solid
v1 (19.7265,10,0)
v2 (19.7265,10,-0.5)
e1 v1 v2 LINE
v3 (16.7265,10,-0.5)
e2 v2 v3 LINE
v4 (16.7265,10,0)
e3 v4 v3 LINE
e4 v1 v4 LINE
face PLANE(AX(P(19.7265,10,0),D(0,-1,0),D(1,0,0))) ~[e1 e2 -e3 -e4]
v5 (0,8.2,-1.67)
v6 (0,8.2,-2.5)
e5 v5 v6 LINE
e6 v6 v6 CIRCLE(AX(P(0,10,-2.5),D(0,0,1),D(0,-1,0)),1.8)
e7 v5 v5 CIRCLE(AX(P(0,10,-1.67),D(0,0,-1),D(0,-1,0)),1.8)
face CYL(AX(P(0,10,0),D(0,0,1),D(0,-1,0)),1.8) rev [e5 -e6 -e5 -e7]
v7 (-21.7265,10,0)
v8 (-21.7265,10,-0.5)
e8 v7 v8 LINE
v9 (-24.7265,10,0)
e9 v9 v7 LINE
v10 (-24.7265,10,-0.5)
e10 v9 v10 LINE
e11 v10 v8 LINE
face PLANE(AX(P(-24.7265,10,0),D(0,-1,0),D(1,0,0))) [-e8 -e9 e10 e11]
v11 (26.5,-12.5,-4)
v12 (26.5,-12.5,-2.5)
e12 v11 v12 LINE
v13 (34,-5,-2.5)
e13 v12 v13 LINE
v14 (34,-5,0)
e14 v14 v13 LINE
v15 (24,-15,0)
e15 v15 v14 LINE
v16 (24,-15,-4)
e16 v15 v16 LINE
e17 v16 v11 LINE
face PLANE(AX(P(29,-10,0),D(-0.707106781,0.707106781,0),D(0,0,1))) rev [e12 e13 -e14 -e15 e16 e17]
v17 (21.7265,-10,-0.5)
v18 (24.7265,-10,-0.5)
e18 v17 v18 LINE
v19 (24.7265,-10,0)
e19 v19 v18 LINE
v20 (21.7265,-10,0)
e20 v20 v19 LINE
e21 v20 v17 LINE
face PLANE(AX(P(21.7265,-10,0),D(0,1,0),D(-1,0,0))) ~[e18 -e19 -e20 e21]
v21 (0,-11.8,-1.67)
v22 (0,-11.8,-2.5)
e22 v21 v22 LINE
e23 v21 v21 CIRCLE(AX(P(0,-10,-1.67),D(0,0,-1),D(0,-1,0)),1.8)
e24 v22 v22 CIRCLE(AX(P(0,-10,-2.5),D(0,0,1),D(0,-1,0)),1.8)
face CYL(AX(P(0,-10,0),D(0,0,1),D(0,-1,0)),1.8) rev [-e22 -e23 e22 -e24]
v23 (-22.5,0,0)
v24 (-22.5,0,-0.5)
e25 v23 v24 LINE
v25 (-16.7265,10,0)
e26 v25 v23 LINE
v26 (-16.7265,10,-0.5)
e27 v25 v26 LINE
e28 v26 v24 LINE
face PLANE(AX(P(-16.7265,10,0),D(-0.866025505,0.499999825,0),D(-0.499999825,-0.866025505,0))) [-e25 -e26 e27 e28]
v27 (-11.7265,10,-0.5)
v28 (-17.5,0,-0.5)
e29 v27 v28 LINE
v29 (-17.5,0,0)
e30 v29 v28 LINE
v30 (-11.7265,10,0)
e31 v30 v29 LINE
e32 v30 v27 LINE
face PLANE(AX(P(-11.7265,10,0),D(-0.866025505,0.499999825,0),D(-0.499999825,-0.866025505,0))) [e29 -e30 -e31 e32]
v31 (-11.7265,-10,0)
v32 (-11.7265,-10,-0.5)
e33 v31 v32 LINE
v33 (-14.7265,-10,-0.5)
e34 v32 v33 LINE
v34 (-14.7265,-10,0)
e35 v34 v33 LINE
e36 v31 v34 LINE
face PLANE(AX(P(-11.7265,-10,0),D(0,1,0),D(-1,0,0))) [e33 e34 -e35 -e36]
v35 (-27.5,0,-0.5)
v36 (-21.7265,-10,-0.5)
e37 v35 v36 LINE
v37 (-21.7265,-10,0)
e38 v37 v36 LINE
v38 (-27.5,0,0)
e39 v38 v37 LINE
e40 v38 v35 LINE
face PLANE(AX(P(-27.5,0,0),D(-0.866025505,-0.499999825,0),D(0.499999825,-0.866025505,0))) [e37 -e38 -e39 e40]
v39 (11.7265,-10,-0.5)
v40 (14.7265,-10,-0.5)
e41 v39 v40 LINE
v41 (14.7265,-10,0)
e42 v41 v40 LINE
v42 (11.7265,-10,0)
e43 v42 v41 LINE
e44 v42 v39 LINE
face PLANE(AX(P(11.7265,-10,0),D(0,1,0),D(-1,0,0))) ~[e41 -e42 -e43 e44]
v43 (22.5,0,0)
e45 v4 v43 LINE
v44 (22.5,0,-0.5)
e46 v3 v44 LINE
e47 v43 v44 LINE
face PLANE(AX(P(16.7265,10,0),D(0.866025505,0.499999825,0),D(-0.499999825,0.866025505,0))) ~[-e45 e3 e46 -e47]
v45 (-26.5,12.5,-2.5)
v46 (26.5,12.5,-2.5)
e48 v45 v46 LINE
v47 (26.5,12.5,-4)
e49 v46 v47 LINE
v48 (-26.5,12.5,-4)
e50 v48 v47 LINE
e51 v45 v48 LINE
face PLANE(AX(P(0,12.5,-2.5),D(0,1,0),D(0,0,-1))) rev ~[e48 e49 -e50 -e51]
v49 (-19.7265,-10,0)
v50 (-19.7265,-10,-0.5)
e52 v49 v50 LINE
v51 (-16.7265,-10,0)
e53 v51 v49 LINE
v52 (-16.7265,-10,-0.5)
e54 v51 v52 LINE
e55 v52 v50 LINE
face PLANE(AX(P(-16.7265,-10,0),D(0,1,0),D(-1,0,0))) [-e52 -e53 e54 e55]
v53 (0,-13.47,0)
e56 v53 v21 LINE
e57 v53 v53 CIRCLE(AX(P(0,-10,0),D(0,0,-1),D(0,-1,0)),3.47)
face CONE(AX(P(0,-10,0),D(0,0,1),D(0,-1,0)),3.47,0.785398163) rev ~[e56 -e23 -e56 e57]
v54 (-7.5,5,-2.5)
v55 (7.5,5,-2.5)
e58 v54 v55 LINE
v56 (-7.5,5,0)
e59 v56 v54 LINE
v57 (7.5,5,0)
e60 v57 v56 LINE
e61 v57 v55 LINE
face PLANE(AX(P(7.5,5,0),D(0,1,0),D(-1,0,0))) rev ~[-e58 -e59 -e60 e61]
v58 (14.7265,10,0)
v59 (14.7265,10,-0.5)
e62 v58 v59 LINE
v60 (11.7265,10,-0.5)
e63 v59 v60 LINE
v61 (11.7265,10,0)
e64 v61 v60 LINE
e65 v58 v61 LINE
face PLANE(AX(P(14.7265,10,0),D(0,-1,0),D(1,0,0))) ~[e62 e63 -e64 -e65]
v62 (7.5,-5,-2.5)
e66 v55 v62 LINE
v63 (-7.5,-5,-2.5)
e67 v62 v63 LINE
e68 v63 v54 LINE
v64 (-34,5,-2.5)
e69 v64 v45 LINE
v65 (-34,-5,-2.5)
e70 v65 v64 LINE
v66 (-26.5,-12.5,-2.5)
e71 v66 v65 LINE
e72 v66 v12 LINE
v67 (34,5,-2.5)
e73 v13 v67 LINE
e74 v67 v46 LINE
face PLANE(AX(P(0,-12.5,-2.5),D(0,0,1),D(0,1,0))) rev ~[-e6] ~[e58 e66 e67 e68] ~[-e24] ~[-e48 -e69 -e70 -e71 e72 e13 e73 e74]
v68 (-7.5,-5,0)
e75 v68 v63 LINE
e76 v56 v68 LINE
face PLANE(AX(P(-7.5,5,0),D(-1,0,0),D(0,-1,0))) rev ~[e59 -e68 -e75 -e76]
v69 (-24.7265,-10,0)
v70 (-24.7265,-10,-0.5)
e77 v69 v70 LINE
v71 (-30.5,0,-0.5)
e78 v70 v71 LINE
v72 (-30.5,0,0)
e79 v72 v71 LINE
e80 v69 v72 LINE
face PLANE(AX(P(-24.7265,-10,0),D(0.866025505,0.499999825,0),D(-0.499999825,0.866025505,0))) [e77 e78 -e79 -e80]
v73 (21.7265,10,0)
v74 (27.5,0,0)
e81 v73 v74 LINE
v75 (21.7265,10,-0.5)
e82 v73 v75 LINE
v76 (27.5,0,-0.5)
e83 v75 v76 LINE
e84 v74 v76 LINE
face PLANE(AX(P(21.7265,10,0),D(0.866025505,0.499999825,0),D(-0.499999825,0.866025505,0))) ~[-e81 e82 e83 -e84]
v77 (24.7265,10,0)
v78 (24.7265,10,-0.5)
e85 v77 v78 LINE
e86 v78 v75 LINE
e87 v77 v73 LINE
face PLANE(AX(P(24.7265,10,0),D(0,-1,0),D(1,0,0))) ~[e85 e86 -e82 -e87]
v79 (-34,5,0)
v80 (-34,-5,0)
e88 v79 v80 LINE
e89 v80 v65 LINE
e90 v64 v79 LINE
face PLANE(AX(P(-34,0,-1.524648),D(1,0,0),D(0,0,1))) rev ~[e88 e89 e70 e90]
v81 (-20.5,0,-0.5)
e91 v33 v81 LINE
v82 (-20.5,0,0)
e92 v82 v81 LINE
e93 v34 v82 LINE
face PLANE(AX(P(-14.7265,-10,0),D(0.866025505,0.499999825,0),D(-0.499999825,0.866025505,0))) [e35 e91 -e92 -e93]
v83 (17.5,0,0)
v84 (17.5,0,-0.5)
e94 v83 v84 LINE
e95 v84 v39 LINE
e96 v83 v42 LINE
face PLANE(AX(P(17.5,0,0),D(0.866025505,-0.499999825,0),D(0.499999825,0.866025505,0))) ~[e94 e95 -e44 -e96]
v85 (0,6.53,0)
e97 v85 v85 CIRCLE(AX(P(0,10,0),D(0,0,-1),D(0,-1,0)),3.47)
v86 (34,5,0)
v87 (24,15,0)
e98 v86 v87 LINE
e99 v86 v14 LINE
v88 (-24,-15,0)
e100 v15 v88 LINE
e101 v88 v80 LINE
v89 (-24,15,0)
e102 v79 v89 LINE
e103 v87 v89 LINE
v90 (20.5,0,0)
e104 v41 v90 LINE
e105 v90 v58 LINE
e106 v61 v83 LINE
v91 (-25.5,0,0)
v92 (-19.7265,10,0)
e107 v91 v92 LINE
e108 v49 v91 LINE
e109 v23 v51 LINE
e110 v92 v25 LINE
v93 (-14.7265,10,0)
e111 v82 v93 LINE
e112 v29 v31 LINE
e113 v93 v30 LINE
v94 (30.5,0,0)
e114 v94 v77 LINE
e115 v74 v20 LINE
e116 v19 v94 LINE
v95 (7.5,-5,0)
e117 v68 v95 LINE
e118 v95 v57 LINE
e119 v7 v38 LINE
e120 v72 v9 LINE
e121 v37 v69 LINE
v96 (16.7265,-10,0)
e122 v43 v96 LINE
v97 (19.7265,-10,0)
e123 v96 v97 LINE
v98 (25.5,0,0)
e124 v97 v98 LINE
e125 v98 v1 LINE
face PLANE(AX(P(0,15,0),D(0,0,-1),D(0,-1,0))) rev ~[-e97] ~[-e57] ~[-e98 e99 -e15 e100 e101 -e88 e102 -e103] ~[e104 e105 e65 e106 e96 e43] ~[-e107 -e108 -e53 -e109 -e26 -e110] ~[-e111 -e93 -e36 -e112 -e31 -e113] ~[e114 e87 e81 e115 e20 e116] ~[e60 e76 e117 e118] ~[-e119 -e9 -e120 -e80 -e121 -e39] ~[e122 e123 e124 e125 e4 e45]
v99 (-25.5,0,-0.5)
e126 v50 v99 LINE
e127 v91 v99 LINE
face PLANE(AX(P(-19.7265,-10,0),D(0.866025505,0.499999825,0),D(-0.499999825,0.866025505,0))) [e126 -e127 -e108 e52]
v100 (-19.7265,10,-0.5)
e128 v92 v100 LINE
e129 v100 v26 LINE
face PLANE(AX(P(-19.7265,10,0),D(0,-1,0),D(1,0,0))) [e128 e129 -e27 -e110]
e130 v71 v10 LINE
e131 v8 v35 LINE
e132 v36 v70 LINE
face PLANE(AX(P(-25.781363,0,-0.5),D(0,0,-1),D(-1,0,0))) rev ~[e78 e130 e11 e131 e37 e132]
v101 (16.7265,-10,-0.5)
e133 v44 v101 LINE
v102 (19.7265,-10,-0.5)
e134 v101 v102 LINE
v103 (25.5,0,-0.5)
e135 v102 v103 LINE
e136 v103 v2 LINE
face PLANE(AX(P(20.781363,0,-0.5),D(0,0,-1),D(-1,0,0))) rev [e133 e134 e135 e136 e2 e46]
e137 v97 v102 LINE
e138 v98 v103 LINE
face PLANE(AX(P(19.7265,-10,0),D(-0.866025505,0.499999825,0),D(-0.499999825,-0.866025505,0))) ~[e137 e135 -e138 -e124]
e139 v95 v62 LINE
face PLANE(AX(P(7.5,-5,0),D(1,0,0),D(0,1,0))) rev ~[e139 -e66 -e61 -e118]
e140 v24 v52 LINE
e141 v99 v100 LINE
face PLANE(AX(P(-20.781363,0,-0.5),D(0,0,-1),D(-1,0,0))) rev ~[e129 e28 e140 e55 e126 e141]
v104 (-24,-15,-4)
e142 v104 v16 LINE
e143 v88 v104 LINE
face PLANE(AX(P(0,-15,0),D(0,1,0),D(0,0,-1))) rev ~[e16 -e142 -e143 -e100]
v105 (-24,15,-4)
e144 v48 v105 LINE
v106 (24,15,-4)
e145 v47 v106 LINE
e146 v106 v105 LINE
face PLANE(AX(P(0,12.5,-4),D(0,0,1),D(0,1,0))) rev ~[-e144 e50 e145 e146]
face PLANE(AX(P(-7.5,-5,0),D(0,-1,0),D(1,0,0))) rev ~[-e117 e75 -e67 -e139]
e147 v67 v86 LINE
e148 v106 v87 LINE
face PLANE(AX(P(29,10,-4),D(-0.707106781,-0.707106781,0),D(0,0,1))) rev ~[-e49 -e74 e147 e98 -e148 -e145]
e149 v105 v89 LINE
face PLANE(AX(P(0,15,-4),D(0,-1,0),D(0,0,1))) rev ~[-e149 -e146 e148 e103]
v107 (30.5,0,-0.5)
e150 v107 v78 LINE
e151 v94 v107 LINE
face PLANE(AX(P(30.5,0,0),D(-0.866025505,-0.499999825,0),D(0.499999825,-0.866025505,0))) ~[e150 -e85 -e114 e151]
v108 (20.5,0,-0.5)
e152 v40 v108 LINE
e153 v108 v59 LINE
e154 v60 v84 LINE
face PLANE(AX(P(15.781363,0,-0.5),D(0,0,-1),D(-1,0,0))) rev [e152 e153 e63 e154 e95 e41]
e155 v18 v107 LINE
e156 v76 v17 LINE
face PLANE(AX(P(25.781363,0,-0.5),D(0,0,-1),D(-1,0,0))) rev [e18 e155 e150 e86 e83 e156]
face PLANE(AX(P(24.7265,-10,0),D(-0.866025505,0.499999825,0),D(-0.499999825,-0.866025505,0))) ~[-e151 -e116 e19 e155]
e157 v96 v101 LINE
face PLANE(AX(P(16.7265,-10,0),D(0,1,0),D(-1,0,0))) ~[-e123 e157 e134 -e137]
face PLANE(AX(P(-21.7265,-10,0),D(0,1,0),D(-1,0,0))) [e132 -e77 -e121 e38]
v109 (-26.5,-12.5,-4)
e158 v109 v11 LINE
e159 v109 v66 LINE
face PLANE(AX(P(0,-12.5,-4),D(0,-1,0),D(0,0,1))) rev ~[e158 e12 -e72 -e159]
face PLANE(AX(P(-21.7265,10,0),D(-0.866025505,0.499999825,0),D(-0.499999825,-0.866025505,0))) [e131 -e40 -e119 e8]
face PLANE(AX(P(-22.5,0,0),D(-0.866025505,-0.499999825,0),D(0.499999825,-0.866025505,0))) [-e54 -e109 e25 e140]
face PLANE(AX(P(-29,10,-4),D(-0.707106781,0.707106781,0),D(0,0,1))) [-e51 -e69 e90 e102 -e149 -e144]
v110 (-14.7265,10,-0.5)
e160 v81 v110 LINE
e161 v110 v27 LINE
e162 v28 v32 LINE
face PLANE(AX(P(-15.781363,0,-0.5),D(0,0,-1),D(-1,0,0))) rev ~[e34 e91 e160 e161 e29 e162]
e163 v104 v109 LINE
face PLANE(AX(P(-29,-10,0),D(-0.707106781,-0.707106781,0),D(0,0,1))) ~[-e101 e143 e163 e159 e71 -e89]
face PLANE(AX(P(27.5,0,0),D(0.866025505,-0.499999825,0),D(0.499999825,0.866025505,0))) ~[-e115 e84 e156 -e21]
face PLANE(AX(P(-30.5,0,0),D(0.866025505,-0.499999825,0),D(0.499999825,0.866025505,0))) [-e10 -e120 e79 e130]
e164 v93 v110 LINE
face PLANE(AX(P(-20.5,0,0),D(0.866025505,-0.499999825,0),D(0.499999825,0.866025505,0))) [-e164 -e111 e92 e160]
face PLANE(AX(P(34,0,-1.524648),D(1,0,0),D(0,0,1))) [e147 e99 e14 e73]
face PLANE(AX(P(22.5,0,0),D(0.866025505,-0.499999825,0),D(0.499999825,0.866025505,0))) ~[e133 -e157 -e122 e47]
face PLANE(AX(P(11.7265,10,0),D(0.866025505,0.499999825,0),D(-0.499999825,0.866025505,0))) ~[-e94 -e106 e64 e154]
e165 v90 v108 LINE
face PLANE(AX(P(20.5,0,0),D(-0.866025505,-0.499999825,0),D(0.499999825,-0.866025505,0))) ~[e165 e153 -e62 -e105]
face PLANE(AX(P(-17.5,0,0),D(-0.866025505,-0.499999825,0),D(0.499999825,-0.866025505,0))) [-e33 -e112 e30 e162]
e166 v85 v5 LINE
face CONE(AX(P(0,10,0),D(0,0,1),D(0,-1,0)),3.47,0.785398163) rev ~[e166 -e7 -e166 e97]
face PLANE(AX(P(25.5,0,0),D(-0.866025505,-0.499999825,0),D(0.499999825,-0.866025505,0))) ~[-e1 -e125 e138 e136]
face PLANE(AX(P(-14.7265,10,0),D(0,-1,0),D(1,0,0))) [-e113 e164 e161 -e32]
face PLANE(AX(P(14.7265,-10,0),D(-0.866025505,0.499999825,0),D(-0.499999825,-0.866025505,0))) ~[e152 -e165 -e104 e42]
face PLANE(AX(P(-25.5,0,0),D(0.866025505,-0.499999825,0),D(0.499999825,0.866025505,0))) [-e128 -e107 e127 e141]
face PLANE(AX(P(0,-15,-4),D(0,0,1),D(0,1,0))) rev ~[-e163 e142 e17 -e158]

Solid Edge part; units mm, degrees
sketch "Sketch1" plane through (0, 0, 0) normal (1, 0, 0) x (0, 1, 0)
  line L0 (-15, 0) -> (-15, -4)
  line L1 (-15, -4) -> (-12.5, -4)
  line L2 (-12.5, -4) -> (-12.5, -2.5)
  line L3 (-12.5, -2.5) -> (12.5, -2.5)
  line L4 (12.5, -2.5) -> (12.5, -4)
  line L5 (12.5, -4) -> (15, -4)
  line L6 (15, -4) -> (15, 0)
  line L7 (15, 0) -> (-15, 0)
  dimension "D1" = 25
  dimension "D2" = 30
  dimension "D3" = 4
  dimension "D4" = 1.5
extrude "Protrusion1" add sketch "Sketch1" along normal mid plane 68
hole "Hole_1" at (0, -10, 0) direction (0, 0, -1) diameter 3.6 end up to next countersink diameter 6.94 countersink angle 90
hole "Hole1" at (0, 10, 0) direction (0, 0, -1) diameter 3.6 end up to next countersink diameter 6.94 countersink angle 90
chamfer "Chamfer_1" distance 10 angle 45 4 edges at (34, 15, -2) (34, -15, -2) (-34, 15, -2) (-34, -15, -2)
sketch "Sketch2" plane through (0, 0, 0) normal (0, 0, 1) x (1, 0, 0)
  line L0 (-7.5, -5) -> (7.5, -5)
  line L1 (7.5, -5) -> (7.5, 5)
  line L2 (7.5, 5) -> (-7.5, 5)
  line L3 (-7.5, 5) -> (-7.5, -5)
  dimension "D1" = 10
  dimension "D2" = 15
extrude "Cutout1" cut sketch "Sketch2" against normal up to next
sketch "Sketch3" plane through (0, 0, 0) normal (0, 0, 1) x (1, 0, 0)
  line L0 (-20.5, 0) -> (-14.7265, 10)
  line L1 (-14.7265, 10) -> (-11.7265, 10)
  line L2 (-11.7265, 10) -> (-17.5, 0)
  line L3 (-17.5, 0) -> (-11.7265, -10)
  line L4 (-11.7265, -10) -> (-14.7265, -10)
  line L5 (-14.7265, -10) -> (-20.5, 0)
  dimension "D1" = 3
  dimension "D2" = 10
  dimension "D3" = 10
extrude "deco_cutout" cut sketch "Sketch3" against normal blind 0.5
pattern_linear "Pattern2" count 3 spacing 5 along (-1, 0, 0) of "deco_cutout"
mirror "Mirror1" about plane through (0, 0, 0) normal (1, 0, 0) of "deco_cutout", "Pattern2"
properties material "Polyethylene, low density"
